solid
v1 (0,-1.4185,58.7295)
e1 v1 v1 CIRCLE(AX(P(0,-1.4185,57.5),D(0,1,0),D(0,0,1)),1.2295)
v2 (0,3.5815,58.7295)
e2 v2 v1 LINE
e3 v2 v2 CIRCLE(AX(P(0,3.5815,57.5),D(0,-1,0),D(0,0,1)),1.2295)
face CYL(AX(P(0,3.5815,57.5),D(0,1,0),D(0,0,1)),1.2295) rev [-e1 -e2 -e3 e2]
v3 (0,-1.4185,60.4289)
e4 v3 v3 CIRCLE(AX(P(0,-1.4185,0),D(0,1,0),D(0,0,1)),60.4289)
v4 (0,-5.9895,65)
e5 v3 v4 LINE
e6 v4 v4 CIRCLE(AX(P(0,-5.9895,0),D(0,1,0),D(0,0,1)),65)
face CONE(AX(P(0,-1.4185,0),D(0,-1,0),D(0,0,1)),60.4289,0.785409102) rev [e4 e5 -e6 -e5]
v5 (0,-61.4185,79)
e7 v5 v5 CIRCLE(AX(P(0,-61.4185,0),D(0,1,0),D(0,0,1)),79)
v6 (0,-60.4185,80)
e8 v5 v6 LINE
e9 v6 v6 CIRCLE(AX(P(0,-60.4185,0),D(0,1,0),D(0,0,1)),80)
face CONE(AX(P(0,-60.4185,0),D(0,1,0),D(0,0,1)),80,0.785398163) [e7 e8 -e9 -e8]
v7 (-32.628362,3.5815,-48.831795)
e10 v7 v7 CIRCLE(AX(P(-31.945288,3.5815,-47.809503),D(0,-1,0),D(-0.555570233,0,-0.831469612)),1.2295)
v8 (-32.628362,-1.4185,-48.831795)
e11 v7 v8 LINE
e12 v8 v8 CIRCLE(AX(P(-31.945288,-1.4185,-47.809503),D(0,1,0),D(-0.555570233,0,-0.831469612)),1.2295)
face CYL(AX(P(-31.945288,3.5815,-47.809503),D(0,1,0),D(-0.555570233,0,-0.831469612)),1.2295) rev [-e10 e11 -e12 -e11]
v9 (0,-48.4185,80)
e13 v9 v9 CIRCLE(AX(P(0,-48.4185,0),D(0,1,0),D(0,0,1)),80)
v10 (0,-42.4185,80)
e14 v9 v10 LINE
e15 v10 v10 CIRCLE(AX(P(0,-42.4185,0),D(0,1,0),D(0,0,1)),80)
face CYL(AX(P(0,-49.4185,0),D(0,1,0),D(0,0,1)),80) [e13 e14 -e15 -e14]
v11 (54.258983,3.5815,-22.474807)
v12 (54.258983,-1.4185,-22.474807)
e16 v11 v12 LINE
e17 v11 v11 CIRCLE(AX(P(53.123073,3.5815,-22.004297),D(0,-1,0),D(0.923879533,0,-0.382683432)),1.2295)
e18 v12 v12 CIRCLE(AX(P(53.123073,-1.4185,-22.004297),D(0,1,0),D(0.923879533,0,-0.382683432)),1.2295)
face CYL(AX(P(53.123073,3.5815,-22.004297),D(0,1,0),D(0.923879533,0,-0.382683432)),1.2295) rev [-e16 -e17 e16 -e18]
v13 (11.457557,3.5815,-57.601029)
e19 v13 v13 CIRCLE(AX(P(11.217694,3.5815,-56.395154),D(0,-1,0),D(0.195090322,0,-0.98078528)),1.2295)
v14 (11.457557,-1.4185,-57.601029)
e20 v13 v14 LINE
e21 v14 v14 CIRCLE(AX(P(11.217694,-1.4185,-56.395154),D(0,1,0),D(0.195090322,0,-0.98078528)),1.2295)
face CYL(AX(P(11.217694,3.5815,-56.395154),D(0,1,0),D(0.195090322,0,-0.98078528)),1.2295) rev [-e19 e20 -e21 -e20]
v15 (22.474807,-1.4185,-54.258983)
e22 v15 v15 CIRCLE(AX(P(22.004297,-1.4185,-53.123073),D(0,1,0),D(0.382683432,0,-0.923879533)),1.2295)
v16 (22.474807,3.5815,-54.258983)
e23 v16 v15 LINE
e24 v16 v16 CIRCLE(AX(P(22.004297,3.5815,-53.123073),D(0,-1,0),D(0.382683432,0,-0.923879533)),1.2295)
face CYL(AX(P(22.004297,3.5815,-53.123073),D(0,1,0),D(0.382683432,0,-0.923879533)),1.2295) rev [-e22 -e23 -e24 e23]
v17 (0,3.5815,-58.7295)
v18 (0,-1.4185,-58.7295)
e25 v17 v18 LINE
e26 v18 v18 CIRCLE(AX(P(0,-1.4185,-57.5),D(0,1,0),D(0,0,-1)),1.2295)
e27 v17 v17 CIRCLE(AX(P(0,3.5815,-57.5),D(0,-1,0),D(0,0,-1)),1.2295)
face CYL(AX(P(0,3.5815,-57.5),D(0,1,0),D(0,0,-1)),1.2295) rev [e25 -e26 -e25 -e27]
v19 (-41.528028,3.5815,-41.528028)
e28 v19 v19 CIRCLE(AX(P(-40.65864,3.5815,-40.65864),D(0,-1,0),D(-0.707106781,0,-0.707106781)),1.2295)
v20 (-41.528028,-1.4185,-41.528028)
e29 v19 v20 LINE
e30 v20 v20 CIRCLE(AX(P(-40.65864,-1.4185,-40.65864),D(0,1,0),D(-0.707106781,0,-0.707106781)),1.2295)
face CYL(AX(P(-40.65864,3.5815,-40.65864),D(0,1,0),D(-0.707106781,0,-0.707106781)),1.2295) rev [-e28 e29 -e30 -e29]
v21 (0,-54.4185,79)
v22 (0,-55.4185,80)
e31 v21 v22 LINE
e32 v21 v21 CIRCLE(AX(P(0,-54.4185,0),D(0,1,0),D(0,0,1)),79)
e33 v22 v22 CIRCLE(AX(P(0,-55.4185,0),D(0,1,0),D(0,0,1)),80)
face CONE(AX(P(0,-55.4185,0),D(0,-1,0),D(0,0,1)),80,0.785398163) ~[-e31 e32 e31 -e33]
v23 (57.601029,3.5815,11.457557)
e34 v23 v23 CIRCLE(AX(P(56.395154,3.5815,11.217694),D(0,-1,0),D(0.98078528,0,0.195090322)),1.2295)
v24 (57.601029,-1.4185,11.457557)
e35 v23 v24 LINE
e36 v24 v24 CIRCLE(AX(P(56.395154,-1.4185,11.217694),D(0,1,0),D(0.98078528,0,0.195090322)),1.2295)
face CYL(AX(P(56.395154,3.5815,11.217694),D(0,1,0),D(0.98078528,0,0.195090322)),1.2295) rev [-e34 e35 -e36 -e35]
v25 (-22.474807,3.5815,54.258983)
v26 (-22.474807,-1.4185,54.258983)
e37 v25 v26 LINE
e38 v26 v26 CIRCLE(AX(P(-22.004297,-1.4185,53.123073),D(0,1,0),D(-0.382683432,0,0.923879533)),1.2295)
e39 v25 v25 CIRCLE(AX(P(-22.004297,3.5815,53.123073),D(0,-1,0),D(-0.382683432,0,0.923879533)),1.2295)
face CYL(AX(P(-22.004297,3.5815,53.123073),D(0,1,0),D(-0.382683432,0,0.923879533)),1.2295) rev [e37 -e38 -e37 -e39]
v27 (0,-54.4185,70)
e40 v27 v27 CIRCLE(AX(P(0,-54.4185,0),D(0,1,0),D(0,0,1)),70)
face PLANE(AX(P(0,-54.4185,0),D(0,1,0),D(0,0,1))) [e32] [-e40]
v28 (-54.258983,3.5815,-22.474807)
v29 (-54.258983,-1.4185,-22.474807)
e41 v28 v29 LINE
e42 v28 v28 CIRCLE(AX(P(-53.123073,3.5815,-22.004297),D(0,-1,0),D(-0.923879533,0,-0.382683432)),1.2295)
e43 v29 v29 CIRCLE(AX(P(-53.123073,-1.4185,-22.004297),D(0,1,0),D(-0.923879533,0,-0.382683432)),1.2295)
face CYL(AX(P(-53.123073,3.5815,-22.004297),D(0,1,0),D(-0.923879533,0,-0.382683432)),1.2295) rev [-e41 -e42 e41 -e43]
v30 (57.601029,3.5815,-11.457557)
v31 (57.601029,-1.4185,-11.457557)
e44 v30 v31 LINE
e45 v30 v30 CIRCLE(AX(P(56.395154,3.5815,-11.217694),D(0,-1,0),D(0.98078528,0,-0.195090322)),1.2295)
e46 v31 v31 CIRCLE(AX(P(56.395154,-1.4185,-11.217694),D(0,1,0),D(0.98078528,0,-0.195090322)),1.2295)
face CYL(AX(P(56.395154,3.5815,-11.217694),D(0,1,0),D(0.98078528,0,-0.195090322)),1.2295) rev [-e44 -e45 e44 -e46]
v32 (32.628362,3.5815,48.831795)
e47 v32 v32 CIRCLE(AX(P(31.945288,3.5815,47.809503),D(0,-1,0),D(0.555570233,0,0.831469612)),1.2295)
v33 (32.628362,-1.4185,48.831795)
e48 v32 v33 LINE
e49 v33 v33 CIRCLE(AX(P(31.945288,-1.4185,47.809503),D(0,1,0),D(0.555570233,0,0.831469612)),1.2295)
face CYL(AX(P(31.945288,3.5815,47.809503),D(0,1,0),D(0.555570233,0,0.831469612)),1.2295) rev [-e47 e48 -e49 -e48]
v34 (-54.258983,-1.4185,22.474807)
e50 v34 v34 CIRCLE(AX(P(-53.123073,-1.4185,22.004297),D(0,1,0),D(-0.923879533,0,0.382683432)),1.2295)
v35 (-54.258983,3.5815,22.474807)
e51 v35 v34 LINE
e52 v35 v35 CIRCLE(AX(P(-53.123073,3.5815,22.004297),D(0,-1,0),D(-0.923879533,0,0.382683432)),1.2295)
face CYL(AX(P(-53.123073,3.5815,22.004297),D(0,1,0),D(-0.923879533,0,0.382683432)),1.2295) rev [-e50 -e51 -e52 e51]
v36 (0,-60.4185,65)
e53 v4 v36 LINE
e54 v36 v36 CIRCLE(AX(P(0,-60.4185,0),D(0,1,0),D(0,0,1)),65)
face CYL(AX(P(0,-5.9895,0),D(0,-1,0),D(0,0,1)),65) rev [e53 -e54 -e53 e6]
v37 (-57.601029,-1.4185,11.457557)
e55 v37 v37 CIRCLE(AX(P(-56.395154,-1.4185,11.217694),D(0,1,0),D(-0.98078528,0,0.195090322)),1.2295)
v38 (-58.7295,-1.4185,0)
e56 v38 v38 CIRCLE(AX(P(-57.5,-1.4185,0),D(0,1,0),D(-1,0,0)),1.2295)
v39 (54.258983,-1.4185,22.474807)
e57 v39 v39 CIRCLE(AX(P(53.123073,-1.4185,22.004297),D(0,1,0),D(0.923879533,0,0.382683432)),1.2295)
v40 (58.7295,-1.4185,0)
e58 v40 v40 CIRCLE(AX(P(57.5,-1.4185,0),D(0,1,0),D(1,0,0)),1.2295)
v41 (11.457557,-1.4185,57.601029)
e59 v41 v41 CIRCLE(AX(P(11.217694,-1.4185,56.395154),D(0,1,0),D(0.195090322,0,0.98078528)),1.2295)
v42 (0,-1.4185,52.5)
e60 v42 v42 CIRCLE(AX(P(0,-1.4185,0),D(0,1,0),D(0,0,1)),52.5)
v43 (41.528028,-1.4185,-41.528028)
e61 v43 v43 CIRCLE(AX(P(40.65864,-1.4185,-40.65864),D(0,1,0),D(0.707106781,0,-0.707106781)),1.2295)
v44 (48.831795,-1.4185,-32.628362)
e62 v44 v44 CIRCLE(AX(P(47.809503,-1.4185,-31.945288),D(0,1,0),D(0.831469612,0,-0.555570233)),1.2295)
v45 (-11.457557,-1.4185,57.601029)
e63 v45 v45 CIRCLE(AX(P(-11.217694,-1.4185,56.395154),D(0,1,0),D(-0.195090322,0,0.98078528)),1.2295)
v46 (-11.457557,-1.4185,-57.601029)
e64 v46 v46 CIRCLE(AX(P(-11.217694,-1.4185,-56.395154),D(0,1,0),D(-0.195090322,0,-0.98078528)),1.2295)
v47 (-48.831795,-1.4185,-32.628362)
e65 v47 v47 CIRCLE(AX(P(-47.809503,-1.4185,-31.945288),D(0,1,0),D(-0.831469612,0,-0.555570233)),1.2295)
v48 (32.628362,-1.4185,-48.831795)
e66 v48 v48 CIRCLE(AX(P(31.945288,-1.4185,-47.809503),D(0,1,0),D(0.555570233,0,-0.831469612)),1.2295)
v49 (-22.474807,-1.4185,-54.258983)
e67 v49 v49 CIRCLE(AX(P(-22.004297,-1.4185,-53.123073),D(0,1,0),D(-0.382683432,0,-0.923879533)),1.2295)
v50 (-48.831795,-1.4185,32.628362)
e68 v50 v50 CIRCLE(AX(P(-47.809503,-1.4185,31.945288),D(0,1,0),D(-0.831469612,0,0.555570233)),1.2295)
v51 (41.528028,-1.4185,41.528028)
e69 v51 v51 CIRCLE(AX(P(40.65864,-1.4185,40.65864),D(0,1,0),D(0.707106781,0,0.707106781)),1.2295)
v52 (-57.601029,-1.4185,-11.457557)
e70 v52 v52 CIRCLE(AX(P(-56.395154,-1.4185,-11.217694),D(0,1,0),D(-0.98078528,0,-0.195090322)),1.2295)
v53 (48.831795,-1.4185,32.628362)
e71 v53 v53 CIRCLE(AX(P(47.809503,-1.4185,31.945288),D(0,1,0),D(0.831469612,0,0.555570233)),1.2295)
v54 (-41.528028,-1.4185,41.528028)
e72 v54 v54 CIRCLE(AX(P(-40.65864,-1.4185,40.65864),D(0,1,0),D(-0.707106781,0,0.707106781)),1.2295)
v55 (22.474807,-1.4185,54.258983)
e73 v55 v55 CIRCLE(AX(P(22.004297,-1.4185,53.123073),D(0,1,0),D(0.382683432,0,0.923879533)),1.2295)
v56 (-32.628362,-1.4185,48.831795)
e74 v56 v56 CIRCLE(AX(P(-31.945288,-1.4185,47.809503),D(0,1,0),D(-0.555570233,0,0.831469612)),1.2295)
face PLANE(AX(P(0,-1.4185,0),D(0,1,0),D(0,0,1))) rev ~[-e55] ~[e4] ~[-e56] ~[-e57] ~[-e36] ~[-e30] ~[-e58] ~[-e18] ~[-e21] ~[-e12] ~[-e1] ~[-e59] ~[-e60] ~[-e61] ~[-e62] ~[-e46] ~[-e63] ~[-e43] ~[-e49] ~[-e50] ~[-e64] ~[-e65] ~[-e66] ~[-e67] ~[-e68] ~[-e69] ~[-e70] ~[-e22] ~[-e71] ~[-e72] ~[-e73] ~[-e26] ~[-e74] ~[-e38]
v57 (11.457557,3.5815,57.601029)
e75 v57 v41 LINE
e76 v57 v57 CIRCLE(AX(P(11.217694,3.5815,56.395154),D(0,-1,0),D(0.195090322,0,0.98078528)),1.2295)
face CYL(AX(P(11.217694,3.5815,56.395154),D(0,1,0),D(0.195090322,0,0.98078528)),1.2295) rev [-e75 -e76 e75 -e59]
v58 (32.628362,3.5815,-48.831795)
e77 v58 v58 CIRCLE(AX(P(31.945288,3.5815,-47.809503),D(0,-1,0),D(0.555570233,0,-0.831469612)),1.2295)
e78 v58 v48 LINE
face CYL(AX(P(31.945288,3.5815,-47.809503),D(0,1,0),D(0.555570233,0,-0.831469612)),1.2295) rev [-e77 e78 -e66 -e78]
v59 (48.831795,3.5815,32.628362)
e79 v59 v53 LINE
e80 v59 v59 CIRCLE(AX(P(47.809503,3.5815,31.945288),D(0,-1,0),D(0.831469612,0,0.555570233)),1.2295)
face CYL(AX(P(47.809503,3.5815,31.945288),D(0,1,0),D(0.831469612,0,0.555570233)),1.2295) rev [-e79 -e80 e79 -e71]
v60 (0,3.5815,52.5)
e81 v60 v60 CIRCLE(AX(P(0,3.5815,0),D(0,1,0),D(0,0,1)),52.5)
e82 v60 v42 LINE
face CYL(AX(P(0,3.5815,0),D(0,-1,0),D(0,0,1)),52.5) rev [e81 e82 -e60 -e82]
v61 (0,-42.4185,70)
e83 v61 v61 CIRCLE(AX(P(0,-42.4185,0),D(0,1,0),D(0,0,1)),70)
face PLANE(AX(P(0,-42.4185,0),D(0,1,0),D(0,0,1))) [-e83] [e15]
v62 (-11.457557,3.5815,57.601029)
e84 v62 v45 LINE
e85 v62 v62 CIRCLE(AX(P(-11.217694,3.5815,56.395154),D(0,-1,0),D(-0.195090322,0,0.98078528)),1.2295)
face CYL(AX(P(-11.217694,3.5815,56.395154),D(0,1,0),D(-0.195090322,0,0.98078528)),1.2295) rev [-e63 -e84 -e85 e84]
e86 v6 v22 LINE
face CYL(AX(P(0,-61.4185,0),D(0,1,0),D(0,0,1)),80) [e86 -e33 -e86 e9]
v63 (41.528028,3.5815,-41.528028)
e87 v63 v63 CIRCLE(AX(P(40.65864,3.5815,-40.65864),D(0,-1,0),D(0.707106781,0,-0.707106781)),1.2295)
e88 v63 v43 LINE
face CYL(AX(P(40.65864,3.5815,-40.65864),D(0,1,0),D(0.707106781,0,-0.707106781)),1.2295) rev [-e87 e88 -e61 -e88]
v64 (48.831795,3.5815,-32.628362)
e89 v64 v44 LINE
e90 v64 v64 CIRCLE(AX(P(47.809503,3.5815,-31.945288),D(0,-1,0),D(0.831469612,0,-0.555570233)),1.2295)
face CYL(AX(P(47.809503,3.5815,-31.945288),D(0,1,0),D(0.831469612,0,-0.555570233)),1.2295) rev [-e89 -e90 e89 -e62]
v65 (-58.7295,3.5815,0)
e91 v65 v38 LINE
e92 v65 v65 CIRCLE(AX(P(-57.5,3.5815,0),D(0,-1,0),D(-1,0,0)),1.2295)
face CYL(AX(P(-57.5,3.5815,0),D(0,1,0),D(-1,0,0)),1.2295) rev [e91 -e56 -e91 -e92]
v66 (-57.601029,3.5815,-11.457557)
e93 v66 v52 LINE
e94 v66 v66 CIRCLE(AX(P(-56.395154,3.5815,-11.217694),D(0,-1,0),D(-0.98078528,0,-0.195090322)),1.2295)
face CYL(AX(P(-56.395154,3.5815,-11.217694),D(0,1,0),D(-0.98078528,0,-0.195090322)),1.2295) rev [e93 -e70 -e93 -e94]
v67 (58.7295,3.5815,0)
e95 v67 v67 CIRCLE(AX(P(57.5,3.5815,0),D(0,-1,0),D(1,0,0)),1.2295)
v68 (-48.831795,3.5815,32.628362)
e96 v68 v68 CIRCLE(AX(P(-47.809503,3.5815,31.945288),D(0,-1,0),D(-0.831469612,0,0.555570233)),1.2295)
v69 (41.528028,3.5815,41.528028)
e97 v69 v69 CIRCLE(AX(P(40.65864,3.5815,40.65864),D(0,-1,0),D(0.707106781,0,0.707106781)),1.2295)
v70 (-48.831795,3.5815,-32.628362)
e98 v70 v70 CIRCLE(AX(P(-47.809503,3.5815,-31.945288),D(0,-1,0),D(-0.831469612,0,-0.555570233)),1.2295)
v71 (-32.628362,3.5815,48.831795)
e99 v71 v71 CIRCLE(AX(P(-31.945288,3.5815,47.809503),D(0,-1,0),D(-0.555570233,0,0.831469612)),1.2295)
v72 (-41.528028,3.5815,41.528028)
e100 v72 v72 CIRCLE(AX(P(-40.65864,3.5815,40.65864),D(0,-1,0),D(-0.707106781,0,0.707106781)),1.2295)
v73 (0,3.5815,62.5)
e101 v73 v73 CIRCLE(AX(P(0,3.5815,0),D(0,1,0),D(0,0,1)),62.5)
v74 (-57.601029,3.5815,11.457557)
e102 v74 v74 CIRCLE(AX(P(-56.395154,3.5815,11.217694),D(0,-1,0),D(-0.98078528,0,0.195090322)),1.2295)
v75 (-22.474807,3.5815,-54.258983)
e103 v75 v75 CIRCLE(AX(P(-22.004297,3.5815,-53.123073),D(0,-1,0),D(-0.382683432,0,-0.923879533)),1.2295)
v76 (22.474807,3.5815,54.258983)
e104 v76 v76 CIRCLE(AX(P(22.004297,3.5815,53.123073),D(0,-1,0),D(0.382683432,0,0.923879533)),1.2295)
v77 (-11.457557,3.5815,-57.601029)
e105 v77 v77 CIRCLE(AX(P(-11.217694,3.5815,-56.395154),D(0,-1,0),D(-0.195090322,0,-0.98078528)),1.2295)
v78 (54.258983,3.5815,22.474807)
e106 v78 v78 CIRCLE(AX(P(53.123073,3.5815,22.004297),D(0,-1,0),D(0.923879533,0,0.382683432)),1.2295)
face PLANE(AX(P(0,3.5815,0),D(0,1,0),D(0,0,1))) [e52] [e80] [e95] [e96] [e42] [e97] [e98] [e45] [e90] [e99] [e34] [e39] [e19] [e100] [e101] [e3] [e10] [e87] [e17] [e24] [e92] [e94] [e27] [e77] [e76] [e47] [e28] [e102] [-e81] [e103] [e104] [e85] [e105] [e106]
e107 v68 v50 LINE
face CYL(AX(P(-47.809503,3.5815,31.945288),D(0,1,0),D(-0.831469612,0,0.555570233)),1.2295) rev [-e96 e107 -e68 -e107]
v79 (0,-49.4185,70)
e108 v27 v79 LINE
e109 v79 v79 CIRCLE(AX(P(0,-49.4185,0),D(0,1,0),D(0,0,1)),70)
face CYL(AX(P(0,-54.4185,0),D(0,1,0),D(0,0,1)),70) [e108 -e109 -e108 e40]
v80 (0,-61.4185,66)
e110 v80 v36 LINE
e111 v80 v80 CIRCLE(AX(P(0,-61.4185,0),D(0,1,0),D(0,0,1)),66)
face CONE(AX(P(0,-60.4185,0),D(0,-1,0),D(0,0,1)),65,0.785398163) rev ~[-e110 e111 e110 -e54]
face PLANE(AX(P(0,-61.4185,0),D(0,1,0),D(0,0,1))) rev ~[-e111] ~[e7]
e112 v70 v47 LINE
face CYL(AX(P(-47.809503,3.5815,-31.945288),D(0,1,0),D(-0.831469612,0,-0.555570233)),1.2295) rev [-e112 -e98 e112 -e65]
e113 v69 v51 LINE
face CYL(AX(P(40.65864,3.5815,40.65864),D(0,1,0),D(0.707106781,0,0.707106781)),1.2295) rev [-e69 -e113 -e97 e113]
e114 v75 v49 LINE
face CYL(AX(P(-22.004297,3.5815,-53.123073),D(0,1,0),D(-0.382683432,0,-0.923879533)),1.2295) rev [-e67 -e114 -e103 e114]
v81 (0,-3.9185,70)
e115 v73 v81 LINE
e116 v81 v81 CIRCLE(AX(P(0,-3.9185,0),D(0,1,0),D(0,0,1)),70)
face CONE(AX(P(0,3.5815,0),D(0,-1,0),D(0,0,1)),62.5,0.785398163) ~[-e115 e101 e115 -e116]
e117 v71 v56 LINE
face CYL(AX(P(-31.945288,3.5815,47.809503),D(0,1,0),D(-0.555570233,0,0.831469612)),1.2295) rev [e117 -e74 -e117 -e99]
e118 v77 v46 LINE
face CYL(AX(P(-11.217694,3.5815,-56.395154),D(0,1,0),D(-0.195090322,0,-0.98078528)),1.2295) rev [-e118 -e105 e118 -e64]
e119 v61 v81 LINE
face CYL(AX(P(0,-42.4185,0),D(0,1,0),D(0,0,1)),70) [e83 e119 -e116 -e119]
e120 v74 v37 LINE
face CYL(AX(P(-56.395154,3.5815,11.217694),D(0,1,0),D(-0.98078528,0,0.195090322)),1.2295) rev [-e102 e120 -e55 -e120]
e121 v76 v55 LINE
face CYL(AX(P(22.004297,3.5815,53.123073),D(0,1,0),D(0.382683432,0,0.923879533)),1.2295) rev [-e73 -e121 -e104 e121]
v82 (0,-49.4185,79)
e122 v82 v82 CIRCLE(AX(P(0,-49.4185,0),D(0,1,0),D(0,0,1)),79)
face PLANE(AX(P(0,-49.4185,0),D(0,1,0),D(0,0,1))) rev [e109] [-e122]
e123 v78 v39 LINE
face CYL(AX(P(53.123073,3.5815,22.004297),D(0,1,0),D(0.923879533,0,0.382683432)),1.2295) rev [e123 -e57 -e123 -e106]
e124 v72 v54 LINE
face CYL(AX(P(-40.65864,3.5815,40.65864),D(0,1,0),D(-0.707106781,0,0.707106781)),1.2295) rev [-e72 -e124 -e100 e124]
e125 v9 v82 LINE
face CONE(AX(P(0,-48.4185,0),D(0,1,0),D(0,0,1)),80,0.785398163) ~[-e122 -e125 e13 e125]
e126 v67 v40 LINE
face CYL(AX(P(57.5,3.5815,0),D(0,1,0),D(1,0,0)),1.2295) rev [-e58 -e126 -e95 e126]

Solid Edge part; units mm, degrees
sketch "Sketch1" plane through (0, 0, 0) normal (1, 0, 0) x (0, 1, 0)
  line L0 (-42.4185, 70) -> (-3.9185, 70)
  line L1 (3.5815, 62.5) -> (-3.9185, 70)
  line L2 (3.5815, 62.5) -> (3.5815, 52.5)
  line L3 (3.5815, 52.5) -> (-1.4185, 52.5)
  line L4 (-1.4185, 60.4289) -> (-1.4185, 52.5)
  line L5 (-1.4185, 60.4289) -> (-5.9895, 65)
  line L6 (-5.9895, 65) -> (-61.4185, 65)
  line L7 (-61.4185, 80) -> (-61.4185, 65)
  line L8 (-61.4185, 80) -> (-54.4185, 80)
  line L9 (-54.4185, 80) -> (-54.4185, 70)
  line L10 (-54.4185, 70) -> (-49.4185, 70)
  line L11 (-49.4185, 70) -> (-49.4185, 80)
  line L12 (-49.4185, 80) -> (-42.4185, 80)
  line L13 (-42.4185, 80) -> (-42.4185, 70)
  dimension "D1" = 10
  dimension "D2" = 7
  dimension "D3" = 5
  dimension "D4" = 5
  dimension "D5" = 10
  dimension "D6" = 7.9289
  dimension "D7" = 5
  dimension "D8" = 5
  dimension "D9" = 65
  dimension "D10" = 12.5
  dimension "D11" = 7.5
  dimension "D12" = 7.5
revolve "RevolvedProtrusion1" add sketch "Sketch1" angle 360 about axis through (0, -60, 0) along (0, 1, 0)
hole "Bohrung_1" at (0, 3.5815, 57.5) direction (0, -1, 0) diameter 2.459 end up to next
pattern_circular "Pattern1" count 32 over 360 about axis through (0, 3.5815, 0) along (0, -1, 0) of "Bohrung_1"
chamfer "Chamfer1" distance 1 angle 45 2 edges at (0, -49.4185, 80) (0, -54.4185, 80)
chamfer "Fase_3" distance 1 angle 45 1 edges at (0, -61.4185, 65)
chamfer "Fase_4" distance 1 angle 45 1 edges at (0, -61.4185, 80)
properties material "Aluminium Legierung:3.1355 ,  AlCu4Mg1, EN-AW 2024"
